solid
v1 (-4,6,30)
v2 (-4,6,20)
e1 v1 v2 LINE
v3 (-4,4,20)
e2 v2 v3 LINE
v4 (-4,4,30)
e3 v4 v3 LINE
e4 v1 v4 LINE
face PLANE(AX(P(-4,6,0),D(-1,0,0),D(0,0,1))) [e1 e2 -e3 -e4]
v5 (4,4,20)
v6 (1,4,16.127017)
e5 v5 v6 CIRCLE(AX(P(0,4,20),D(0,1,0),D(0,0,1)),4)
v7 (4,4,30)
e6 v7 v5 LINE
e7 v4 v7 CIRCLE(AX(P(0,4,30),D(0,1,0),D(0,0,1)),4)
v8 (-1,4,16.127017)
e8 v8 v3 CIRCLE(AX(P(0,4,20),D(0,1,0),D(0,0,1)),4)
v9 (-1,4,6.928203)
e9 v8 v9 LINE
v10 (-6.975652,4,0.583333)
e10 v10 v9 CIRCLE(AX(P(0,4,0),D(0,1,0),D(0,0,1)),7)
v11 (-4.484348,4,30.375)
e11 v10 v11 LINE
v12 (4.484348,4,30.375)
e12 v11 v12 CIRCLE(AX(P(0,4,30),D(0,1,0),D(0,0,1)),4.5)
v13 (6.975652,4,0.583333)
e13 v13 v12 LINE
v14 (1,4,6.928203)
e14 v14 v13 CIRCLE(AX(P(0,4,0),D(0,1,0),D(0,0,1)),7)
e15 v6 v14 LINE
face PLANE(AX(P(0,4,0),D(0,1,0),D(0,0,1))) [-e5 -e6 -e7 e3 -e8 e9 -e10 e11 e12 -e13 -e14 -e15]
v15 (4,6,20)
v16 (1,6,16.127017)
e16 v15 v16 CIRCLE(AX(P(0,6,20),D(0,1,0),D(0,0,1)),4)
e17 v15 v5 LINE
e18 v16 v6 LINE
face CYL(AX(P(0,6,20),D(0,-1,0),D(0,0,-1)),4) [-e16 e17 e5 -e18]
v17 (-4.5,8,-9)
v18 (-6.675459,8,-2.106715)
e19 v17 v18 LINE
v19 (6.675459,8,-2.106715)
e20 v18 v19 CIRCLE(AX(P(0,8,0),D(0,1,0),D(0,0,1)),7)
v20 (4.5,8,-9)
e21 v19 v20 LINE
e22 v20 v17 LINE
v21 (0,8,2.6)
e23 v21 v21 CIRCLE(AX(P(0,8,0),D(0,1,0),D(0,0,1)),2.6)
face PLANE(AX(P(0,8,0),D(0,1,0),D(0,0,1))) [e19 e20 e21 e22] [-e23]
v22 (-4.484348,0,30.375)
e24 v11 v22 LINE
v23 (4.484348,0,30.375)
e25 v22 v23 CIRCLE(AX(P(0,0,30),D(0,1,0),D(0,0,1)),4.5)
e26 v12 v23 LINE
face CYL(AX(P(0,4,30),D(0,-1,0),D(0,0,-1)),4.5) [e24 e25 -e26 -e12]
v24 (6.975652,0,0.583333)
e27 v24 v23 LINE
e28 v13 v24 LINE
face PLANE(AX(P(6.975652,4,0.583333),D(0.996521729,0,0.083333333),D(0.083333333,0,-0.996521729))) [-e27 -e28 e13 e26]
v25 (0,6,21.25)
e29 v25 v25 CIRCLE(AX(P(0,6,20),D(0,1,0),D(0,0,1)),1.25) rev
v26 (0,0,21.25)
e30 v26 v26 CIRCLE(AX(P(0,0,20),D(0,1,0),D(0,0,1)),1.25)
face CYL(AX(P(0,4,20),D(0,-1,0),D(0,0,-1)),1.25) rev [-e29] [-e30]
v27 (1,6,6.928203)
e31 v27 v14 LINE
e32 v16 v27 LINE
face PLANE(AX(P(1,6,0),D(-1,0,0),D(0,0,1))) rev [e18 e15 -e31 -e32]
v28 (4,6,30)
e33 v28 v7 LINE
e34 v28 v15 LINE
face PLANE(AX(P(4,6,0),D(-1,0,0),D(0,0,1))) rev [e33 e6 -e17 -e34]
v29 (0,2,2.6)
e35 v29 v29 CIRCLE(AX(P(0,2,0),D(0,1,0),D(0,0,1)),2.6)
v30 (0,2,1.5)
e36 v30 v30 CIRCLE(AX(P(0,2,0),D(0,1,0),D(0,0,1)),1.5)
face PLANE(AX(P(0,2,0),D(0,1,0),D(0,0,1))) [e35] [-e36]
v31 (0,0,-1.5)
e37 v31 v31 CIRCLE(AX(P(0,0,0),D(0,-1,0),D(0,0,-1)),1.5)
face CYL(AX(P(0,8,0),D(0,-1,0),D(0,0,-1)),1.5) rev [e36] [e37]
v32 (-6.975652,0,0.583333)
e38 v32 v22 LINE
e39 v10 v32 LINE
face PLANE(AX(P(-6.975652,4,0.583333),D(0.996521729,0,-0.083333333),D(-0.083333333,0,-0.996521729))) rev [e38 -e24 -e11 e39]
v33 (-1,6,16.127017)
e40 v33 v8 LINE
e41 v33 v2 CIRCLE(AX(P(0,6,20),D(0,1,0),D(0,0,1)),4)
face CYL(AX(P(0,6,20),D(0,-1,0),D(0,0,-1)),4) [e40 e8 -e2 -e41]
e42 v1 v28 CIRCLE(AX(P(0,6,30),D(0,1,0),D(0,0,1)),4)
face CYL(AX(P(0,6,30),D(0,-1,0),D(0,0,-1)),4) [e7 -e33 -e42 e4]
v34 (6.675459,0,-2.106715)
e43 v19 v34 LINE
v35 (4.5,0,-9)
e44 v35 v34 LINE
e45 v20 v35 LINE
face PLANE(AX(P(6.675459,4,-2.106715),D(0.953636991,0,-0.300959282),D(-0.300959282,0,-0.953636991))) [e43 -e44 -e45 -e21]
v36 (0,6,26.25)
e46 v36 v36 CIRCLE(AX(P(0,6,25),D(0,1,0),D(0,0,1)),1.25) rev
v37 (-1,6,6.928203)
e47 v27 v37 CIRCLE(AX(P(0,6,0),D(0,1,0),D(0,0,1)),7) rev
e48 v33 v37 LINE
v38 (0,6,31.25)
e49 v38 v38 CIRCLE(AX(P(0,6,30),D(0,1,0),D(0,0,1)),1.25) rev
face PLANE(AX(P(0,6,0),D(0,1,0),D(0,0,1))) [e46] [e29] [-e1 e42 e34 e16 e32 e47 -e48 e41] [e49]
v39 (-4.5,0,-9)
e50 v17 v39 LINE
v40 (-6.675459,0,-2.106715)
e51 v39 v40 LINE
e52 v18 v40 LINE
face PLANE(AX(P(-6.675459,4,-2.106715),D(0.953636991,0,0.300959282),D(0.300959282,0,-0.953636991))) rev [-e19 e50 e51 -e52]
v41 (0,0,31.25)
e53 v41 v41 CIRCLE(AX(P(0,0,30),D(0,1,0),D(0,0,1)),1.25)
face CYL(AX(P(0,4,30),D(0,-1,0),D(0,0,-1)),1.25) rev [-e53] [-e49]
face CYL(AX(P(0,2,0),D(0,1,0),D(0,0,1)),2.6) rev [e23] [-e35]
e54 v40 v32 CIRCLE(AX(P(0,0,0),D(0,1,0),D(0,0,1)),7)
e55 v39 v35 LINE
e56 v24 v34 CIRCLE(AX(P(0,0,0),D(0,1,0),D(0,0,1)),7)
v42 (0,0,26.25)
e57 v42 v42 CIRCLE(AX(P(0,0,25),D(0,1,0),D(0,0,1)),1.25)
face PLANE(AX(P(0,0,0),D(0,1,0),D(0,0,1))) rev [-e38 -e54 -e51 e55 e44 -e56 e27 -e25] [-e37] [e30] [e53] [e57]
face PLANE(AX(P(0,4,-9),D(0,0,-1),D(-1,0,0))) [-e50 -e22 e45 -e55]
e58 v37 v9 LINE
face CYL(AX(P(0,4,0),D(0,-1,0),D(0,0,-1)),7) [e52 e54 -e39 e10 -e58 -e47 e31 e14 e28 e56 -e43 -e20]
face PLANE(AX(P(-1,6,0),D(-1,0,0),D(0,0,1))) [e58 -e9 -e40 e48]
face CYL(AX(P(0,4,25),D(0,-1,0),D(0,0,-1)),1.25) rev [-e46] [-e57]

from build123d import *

# Parameters (mm, degrees)
SKETCH_1_R          = 1.25
EXTRUDE_1_DEPTH     = 4
EXTRUDE_2_DEPTH     = 4
SKETCH_3_R          = 1.25
EXTRUDE_3_DEPTH     = 2
SKETCH_4_R          = 2.6
CUT_EXTRUDE_1_DEPTH = 6
SKETCH_5_R          = 1.5
CUT_EXTRUDE_2_DEPTH = 37.100554012


with BuildPart() as part:
    # 草图1 → 凸台-拉伸1 (new body)
    with BuildSketch(Plane(origin=(0, 0, 0), x_dir=(1, 0, 0), z_dir=(0, 1, 0))):
        with BuildLine():
            Line((4.5, 9), (-4.5, 9))
            Line((-4.5, 9), (-6.675458936, 2.106714976))
            ThreePointArc((-6.675458936, 2.106714976), (-6.956816665, 0.776338774), (-6.9756521, -0.583333333))
            Line((-6.9756521, -0.583333333), (-4.484347779, -30.375))
            ThreePointArc((-4.484347779, -30.375), (0, -34.5), (4.484347779, -30.375))
            Line((4.484347779, -30.375), (6.9756521, -0.583333333))
            ThreePointArc((6.9756521, -0.583333333), (6.956816665, 0.776338774), (6.675458936, 2.106714976))
            Line((6.675458936, 2.106714976), (4.5, 9))
        make_face()
        with Locations(Location((0, -25, 0), (0, 0, 270))):
            Circle(SKETCH_1_R, mode=Mode.SUBTRACT)
        with Locations(Location((0, -20, 0), (0, 0, 270))):
            Circle(SKETCH_1_R, mode=Mode.SUBTRACT)
        with Locations(Location((0, -30, 0), (0, 0, 270))):
            Circle(SKETCH_1_R, mode=Mode.SUBTRACT)
    extrude(amount=EXTRUDE_1_DEPTH)

    # 草图2 → 凸台-拉伸2 (add)
    with BuildSketch(Plane(origin=(0, 4, 0), x_dir=(1, 0, 0), z_dir=(0, 1, 0))):
        with BuildLine():
            ThreePointArc((-6.675458936, 2.106714976), (-6.956816665, 0.776338774), (-6.9756521, -0.583333333))
            ThreePointArc((-6.9756521, -0.583333333), (0, -7), (6.9756521, -0.583333333))
            ThreePointArc((6.9756521, -0.583333333), (6.993910376, -0.291920622), (7, 0))
            ThreePointArc((7, 0), (6.918388994, 1.06578315), (6.675458936, 2.106714976))
            ThreePointArc((6.675458936, 2.106714976), (0, 7), (-6.675458936, 2.106714976))
        make_face()
        with BuildLine():
            Line((-4.5, 9), (-6.675458936, 2.106714976))
            ThreePointArc((-6.675458936, 2.106714976), (0, 7), (6.675458936, 2.106714976))
            Line((6.675458936, 2.106714976), (4.5, 9))
            Line((4.5, 9), (-4.5, 9))
        make_face()
    extrude(amount=EXTRUDE_2_DEPTH)

    # 草图3 → 凸台-拉伸3 (add)
    # profile 1 of 3: a face of its own
    with BuildSketch(Plane(origin=(0, 4, 0), x_dir=(1, 0, 0), z_dir=(0, 1, 0))):
        with BuildLine():
            Line((1, -16.980196905), (-1, -16.980196905))
            Line((-1, -16.980196905), (-1, -16.127016654))
            ThreePointArc((-1, -16.127016654), (-3.16227766, -17.550510257), (-4, -20))
            Line((-4, -20), (-4, -30))
            ThreePointArc((-4, -30), (0, -34), (4, -30))
            Line((4, -30), (4, -20))
            ThreePointArc((4, -20), (3.16227766, -17.550510257), (1, -16.127016654))
            Line((1, -16.127016654), (1, -16.980196905))
        make_face()
        with Locations(Location((0, -30, 0), (0, 0, 270))):
            Circle(SKETCH_3_R, mode=Mode.SUBTRACT)
        with Locations(Location((0, -25, 0), (0, 0, 270))):
            Circle(SKETCH_3_R, mode=Mode.SUBTRACT)
        with Locations(Location((0, -20, 0), (0, 0, 270))):
            Circle(SKETCH_3_R, mode=Mode.SUBTRACT)
    # profile 2 of 3: a face of its own
    with BuildSketch(Plane(origin=(0, 4, 0), x_dir=(1, 0, 0), z_dir=(0, 1, 0))):
        with BuildLine():
            Line((-1, -16.127016654), (-1, -16.980196905))
            Line((-1, -16.980196905), (1, -16.980196905))
            Line((1, -16.980196905), (1, -16.127016654))
            ThreePointArc((1, -16.127016654), (0, -16), (-1, -16.127016654))
        make_face()
    # profile 3 of 3: a face of its own
    with BuildSketch(Plane(origin=(0, 4, 0), x_dir=(1, 0, 0), z_dir=(0, 1, 0))):
        with BuildLine():
            Line((-1, -6.92820323), (-1, -16.127016654))
            ThreePointArc((-1, -16.127016654), (0, -16), (1, -16.127016654))
            Line((1, -16.127016654), (1, -6.92820323))
            ThreePointArc((1, -6.92820323), (0, -7), (-1, -6.92820323))
        make_face()
    extrude(amount=EXTRUDE_3_DEPTH)

    # 草图4 → 切除-拉伸1 (cut)
    with BuildSketch(Plane(origin=(0, 8, 0), x_dir=(1, 0, 0), z_dir=(0, 1, 0))):
        with Locations(Location((0, 0, 0), (0, 0, 270))):
            Circle(SKETCH_4_R)
    extrude(amount=-CUT_EXTRUDE_1_DEPTH, mode=Mode.SUBTRACT)

    # 草图5 → 切除-拉伸2 (cut, through all)
    with BuildSketch(Plane.XZ):
        with Locations(Location((0, 0, 0), (0, 0, 270))):
            Circle(SKETCH_5_R)
    extrude(amount=-CUT_EXTRUDE_2_DEPTH, mode=Mode.SUBTRACT)


solid = part.part
